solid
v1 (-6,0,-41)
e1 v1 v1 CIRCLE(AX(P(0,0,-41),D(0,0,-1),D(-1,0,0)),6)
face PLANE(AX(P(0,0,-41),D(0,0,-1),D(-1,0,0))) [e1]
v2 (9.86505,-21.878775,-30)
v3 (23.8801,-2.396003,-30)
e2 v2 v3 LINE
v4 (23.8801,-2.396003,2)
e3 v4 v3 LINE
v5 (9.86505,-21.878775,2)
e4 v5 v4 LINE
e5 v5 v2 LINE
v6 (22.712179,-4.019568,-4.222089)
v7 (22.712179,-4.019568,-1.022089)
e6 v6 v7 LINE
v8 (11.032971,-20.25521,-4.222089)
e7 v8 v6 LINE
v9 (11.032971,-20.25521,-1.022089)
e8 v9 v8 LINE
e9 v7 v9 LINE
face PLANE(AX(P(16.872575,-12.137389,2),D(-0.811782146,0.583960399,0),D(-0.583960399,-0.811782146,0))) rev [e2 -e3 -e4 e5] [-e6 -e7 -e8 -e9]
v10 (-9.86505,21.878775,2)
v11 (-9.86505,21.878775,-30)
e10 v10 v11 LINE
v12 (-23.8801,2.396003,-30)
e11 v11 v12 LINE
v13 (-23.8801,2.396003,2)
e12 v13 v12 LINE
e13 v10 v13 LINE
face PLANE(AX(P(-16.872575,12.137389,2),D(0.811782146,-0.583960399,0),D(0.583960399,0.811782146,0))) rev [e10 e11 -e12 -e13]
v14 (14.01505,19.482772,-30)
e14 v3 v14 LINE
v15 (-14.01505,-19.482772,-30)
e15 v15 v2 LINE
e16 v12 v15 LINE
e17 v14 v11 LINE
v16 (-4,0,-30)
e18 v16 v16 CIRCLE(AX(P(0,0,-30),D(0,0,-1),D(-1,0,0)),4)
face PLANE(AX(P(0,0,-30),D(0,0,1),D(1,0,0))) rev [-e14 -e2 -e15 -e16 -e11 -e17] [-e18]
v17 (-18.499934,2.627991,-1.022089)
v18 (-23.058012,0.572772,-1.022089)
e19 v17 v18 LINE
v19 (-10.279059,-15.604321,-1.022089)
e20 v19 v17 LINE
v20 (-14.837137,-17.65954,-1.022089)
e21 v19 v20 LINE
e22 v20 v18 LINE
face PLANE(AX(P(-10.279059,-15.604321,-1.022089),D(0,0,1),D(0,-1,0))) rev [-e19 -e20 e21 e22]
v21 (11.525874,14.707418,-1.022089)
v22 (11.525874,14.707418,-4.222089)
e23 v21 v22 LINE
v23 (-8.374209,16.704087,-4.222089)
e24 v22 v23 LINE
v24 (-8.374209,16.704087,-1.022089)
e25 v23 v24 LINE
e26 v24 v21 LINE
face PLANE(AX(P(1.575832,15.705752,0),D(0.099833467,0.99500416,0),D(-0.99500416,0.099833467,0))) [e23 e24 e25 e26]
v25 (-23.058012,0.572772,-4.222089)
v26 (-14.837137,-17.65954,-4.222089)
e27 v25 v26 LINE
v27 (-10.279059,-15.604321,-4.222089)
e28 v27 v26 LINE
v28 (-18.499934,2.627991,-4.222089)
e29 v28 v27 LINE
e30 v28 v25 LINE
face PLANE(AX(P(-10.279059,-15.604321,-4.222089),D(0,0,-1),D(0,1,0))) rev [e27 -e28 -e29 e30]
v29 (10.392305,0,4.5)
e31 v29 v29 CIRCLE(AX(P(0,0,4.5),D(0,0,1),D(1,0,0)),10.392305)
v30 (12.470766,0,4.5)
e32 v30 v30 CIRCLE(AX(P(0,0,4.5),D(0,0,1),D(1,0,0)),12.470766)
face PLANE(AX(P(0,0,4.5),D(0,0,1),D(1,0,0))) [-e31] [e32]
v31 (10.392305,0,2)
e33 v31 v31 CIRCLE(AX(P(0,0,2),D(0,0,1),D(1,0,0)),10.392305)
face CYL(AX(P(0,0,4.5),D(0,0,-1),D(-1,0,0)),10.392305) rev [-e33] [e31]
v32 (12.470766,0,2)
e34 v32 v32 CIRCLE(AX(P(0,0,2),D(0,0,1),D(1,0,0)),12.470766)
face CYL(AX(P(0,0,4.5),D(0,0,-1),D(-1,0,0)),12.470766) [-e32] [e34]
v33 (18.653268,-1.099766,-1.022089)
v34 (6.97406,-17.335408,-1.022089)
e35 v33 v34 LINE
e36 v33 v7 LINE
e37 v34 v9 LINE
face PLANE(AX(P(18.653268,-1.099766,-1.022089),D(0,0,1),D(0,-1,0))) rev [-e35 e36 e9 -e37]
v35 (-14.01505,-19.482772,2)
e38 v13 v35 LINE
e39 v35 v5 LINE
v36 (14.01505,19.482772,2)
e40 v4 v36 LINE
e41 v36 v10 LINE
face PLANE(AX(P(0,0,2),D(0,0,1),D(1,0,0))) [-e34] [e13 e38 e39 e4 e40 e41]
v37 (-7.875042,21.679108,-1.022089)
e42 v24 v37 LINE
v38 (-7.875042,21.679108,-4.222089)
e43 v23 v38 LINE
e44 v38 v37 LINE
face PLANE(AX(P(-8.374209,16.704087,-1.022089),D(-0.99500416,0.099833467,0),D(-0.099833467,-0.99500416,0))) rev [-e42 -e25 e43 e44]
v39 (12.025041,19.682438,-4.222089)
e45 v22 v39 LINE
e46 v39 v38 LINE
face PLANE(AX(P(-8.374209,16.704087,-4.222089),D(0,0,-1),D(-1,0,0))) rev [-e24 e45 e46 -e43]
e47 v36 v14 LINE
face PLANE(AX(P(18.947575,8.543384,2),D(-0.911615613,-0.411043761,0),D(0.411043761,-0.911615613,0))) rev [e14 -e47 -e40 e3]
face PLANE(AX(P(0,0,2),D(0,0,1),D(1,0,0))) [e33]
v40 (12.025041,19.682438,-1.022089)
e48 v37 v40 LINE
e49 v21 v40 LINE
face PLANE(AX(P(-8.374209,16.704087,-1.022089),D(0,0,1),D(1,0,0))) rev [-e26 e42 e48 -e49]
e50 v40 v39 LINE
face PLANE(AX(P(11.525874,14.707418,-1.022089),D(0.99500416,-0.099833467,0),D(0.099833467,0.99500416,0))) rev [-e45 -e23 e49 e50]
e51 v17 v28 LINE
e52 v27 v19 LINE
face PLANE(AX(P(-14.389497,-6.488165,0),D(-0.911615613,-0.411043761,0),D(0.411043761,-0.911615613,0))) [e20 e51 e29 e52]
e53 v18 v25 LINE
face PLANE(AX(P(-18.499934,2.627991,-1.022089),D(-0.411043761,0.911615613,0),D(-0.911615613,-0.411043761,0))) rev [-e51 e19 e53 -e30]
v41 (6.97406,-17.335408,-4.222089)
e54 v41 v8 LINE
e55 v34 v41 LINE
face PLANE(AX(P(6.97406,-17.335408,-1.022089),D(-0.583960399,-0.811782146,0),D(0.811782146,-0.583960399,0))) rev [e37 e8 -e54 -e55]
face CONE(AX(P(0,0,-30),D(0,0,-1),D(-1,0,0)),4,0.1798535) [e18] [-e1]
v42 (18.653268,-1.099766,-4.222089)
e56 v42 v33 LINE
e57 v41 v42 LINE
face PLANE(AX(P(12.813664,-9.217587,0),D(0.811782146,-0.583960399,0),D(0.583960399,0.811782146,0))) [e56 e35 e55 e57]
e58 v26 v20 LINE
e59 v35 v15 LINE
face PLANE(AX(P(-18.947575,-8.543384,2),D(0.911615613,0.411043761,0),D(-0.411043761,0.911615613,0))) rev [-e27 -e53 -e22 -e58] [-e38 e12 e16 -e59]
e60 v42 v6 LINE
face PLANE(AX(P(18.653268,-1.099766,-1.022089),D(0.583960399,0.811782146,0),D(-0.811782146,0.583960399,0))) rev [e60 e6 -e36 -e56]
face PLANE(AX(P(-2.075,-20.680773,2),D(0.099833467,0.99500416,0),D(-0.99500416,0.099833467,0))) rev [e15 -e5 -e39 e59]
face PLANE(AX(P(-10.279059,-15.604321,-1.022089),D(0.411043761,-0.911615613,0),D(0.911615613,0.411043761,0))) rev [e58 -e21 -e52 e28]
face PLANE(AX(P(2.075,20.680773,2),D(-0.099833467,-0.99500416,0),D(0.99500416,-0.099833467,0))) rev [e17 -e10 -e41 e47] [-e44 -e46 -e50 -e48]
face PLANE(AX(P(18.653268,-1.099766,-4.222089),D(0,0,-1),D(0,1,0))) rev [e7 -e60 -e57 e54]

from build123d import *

# Parameters (mm, degrees)
Y_KSEKLIK_EKSTR_ZYON1_DEPTH      = 2
Y_KSEKLIK_EKSTR_ZYON1_DEPTH_BACK = 30
IZIM1_R                          = 12.470765814
Y_KSEKLIK_EKSTR_ZYON2_DEPTH      = 4.5
Y_KSEKLIK_EKSTR_ZYON2_DEPTH_BACK = 30
IZIM1_3_R                        = 12.470765814
IZIM1_3_R_2                      = 10.392304845
Y_KSEKLIK_EKSTR_ZYON3_DEPTH      = 2
Y_KSEKLIK_EKSTR_ZYON3_DEPTH_BACK = 30
IZIM1_4_R                        = 10.392304845
IZIM4_W                          = 3.2
IZIM4_H                          = 20
KES_EKSTR_ZYON1_DEPTH            = 5
DAIRESEL_KAPLAMA1_COUNT          = 3
IZIM6_R                          = 6
IZIM5_R                          = 4


with BuildPart() as part:
    # Çizim1 → Yükseklik-Ekstrüzyon1 (new, two sides: drawn at the far end of the back side and taken through both)
    with BuildSketch(Plane.XY.offset(-Y_KSEKLIK_EKSTR_ZYON1_DEPTH_BACK)):
        Polygon((-23.880099845, 2.396003215), (-14.015049574, -19.482771503), (9.86505027, -21.878774718), (23.880099845, -2.396003215), (14.015049574, 19.482771503), (-9.86505027, 21.878774718), align=None)
        Circle(IZIM1_R, mode=Mode.SUBTRACT)
    extrude(amount=Y_KSEKLIK_EKSTR_ZYON1_DEPTH + Y_KSEKLIK_EKSTR_ZYON1_DEPTH_BACK)

    # Çizim1<3> → Yükseklik-Ekstrüzyon2 (add, two sides: drawn at the far end of the back side and taken through both)
    with BuildSketch(Plane.XY.offset(-Y_KSEKLIK_EKSTR_ZYON2_DEPTH_BACK)):
        Circle(IZIM1_3_R)
        Circle(IZIM1_3_R_2, mode=Mode.SUBTRACT)
    extrude(amount=Y_KSEKLIK_EKSTR_ZYON2_DEPTH + Y_KSEKLIK_EKSTR_ZYON2_DEPTH_BACK)

    # Çizim1<4> → Yükseklik-Ekstrüzyon3 (add, two sides: drawn at the far end of the back side and taken through both)
    with BuildSketch(Plane.XY.offset(-Y_KSEKLIK_EKSTR_ZYON3_DEPTH_BACK)):
        Circle(IZIM1_4_R)
    extrude(amount=Y_KSEKLIK_EKSTR_ZYON3_DEPTH + Y_KSEKLIK_EKSTR_ZYON3_DEPTH_BACK)

    # Çizim4 → Kes-Ekstrüzyon1 (cut)
    with BuildSketch(Plane(origin=(16.872575058, -12.137388967, 0), x_dir=(0, 0, -1), z_dir=(0.8117821459477176, -0.5839603989317416, 0))):
        with Locations((2.622089109, 0)):
            Rectangle(IZIM4_W, IZIM4_H)
    kes_ekstr_zyon1 = extrude(amount=-KES_EKSTR_ZYON1_DEPTH, mode=Mode.SUBTRACT)

    # Dairesel Kaplama1: Kes-Ekstrüzyon1 ×3 about axis
    dairesel_kaplama1_axis = Axis((0, 0, 0), (0, 0, 1))
    for i in range(1, DAIRESEL_KAPLAMA1_COUNT):
        add(kes_ekstr_zyon1.rotate(dairesel_kaplama1_axis, i * 360 / DAIRESEL_KAPLAMA1_COUNT), mode=Mode.SUBTRACT)

    # Çizim6 → Loft1 section 0
    with BuildSketch(Plane(origin=(0, 0, -41), x_dir=(-1, 0, 0), z_dir=(0, 0, -1))):
        Circle(IZIM6_R)
    # Çizim5 → Loft1 section 1
    with BuildSketch(Plane(origin=(0, 0, -30), x_dir=(-1, 0, 0), z_dir=(0, 0, -1))):
        Circle(IZIM5_R)
    loft()


solid = part.part
